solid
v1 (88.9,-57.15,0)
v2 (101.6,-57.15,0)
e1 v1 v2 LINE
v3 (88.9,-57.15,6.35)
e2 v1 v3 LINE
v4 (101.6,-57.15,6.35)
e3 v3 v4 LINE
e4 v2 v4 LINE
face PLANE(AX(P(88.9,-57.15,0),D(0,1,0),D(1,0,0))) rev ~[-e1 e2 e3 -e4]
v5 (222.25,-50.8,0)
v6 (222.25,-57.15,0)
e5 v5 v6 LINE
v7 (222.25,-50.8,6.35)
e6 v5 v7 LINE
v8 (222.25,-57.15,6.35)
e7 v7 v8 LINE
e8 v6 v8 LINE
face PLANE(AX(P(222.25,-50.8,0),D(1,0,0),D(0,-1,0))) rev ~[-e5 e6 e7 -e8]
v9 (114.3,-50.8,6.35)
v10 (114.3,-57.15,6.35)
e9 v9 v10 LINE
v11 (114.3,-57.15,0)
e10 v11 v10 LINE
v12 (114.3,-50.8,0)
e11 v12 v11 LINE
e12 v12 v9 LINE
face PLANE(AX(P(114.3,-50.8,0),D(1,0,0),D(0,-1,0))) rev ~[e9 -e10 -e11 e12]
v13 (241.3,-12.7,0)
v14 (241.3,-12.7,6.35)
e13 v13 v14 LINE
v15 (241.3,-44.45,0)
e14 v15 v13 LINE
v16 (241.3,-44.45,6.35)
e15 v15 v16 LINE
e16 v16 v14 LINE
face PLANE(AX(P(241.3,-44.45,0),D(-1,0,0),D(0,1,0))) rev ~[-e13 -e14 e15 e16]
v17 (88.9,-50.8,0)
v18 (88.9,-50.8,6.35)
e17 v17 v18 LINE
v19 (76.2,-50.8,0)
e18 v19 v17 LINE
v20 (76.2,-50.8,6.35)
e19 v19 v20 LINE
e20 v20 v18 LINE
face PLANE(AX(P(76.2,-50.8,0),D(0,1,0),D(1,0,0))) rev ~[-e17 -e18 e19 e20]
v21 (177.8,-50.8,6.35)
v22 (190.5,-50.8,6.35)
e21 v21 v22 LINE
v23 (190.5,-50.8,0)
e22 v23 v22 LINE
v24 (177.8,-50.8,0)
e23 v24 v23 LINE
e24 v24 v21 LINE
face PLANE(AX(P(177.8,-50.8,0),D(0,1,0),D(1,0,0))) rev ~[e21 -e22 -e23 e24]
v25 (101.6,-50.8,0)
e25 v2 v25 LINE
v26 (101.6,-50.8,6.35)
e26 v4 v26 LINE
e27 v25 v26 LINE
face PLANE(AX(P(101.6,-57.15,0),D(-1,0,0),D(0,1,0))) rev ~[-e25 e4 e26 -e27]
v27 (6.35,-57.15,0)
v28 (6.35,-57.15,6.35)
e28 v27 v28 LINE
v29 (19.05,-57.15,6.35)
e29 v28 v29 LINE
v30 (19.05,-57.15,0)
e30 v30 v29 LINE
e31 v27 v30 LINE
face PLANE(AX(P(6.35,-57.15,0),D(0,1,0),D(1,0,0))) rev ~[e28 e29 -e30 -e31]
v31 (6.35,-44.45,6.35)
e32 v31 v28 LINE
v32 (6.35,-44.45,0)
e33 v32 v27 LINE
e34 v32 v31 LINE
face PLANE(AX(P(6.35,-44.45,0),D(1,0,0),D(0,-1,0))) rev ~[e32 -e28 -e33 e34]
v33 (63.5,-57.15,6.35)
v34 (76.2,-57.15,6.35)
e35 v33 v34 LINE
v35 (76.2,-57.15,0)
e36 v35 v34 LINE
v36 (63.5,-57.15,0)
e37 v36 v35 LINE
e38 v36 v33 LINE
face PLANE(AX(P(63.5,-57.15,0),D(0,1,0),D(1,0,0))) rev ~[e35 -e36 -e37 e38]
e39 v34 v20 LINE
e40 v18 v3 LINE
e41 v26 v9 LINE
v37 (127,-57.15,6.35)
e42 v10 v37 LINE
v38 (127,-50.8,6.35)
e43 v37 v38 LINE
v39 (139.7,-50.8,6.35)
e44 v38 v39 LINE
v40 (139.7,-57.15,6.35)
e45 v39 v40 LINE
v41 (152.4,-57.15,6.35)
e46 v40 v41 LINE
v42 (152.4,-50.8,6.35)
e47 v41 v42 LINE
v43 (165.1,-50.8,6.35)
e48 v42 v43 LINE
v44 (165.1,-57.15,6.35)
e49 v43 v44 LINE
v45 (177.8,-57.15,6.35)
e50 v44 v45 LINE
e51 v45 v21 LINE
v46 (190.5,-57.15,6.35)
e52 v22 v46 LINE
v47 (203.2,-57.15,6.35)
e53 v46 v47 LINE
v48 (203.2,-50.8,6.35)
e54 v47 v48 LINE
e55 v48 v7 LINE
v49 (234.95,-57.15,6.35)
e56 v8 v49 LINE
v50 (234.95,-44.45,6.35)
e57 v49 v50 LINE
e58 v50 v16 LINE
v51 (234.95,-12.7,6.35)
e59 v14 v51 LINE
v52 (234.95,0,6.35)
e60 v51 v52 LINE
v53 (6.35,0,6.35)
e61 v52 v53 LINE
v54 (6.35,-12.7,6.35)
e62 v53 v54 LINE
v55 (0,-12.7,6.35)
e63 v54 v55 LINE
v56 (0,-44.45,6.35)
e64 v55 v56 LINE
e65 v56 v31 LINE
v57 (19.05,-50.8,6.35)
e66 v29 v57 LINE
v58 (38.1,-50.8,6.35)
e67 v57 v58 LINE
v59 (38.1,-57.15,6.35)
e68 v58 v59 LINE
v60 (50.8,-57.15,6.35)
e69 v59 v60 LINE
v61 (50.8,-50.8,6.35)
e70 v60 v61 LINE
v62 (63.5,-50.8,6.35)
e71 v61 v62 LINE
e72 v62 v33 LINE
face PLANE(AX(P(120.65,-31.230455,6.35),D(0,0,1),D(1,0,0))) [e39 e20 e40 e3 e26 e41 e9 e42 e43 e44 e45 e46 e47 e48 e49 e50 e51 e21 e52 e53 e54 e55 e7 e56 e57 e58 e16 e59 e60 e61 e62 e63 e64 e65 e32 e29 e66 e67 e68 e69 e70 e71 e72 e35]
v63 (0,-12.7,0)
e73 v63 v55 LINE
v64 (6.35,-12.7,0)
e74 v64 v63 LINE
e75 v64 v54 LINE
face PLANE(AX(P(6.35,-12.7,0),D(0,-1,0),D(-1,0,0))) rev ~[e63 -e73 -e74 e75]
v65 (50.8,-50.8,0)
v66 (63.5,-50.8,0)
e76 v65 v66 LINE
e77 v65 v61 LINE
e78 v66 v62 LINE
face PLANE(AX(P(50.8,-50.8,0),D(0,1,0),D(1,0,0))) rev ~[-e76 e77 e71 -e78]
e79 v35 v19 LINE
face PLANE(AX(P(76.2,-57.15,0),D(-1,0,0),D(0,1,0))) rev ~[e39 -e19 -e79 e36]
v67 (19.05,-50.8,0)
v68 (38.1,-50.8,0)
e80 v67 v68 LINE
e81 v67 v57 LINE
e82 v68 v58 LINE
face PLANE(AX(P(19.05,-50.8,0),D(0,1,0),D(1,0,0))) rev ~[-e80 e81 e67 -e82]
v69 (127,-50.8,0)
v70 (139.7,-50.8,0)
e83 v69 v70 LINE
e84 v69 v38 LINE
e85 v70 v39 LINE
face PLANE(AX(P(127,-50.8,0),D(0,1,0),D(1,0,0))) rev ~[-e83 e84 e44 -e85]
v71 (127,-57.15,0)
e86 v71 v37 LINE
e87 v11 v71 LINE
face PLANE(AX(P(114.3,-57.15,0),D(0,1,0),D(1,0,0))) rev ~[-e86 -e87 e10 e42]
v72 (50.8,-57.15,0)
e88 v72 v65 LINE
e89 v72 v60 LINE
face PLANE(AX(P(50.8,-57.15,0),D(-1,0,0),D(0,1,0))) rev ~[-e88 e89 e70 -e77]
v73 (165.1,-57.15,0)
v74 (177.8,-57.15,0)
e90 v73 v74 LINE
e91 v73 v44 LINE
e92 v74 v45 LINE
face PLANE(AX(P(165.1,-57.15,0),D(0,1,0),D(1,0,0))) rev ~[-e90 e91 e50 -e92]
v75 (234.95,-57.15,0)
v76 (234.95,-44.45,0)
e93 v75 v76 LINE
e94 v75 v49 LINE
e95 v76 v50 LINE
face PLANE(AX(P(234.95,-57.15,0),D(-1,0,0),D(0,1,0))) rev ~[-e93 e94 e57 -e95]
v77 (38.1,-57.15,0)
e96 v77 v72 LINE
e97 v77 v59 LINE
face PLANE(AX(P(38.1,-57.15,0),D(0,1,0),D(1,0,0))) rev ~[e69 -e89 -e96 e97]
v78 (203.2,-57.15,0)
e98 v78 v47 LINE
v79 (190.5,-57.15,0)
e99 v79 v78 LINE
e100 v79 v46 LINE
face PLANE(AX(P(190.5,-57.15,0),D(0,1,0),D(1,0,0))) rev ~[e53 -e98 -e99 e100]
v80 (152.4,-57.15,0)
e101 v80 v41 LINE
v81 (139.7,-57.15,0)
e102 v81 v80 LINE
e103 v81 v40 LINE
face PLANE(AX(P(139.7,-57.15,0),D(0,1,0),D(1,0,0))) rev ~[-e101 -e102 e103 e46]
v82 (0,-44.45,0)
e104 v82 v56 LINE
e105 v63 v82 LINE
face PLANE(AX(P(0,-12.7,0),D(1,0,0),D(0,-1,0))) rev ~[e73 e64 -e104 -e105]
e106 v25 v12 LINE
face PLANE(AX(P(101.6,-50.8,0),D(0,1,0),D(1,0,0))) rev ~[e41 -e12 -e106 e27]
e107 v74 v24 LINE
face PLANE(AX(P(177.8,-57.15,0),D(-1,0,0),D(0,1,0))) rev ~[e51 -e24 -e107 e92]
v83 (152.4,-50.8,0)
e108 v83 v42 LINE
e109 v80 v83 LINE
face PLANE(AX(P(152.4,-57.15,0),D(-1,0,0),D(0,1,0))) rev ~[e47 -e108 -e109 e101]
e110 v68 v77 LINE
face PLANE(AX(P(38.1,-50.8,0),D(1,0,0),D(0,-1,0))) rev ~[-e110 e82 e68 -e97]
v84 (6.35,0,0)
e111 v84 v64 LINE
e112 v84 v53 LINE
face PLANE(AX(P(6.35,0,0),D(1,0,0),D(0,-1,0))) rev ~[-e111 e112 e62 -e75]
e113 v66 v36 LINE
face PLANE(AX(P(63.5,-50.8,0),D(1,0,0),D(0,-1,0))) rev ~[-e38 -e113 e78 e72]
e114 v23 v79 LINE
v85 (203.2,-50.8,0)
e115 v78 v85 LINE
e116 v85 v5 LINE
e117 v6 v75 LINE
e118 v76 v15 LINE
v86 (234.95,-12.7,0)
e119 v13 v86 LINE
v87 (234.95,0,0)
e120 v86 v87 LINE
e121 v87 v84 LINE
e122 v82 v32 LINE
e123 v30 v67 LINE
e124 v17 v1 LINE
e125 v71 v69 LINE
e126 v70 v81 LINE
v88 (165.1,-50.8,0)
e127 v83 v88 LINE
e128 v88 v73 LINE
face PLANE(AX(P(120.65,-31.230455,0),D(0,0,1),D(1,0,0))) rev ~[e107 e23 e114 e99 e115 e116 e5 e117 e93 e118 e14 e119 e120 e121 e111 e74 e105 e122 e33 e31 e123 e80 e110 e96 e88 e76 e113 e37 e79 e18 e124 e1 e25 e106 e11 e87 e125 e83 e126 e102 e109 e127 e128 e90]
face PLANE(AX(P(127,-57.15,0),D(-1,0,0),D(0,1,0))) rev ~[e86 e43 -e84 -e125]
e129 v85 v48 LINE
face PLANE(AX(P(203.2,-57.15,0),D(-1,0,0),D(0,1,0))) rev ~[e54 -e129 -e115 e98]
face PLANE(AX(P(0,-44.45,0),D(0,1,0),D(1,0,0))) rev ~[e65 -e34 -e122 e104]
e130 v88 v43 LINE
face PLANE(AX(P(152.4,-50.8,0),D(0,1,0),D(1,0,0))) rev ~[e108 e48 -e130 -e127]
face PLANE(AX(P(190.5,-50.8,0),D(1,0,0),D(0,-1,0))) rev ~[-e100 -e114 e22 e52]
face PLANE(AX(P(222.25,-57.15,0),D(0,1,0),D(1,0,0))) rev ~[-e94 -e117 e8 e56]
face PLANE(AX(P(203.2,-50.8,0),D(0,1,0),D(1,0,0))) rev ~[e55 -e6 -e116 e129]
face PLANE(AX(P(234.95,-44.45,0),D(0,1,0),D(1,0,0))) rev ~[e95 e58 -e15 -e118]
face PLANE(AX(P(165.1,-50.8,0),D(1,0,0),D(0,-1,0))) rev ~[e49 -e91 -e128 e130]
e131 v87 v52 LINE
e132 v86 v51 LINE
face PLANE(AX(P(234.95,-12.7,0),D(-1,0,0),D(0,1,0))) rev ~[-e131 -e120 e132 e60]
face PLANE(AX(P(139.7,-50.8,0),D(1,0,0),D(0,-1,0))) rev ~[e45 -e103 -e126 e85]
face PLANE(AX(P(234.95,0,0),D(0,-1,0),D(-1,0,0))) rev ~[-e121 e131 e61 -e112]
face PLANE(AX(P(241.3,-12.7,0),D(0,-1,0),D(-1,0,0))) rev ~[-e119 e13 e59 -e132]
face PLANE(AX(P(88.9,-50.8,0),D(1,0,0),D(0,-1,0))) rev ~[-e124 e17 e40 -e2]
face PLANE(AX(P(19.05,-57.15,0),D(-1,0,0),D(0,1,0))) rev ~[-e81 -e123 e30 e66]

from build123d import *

# Parameters (mm, degrees)
F1_DEPTH = 6.35


with BuildPart() as f1:
    # F0 (on Top) → F1 (new body)
    with BuildSketch(Plane.XY):
        Polygon((234.95, 0), (6.35, 0), (6.35, -12.7), (0, -12.7), (0, -44.45), (6.35, -44.45), (6.35, -57.15), (19.05, -57.15), (19.05, -50.8), (38.1, -50.8), (38.1, -57.15), (50.8, -57.15), (50.8, -50.8), (63.5, -50.8), (63.5, -57.15), (76.2, -57.15), (76.2, -50.8), (88.9, -50.8), (88.9, -57.15), (101.6, -57.15), (101.6, -50.8), (114.3, -50.8), (114.3, -57.15), (127, -57.15), (127, -50.8), (139.7, -50.8), (139.7, -57.15), (152.4, -57.15), (152.4, -50.8), (165.1, -50.8), (165.1, -57.15), (177.8, -57.15), (177.8, -50.8), (190.5, -50.8), (190.5, -57.15), (203.2, -57.15), (203.2, -50.8), (222.25, -50.8), (222.25, -57.15), (234.95, -57.15), (234.95, -44.45), (241.3, -44.45), (241.3, -12.7), (234.95, -12.7), align=None)
    extrude(amount=F1_DEPTH)


solid = f1.part
